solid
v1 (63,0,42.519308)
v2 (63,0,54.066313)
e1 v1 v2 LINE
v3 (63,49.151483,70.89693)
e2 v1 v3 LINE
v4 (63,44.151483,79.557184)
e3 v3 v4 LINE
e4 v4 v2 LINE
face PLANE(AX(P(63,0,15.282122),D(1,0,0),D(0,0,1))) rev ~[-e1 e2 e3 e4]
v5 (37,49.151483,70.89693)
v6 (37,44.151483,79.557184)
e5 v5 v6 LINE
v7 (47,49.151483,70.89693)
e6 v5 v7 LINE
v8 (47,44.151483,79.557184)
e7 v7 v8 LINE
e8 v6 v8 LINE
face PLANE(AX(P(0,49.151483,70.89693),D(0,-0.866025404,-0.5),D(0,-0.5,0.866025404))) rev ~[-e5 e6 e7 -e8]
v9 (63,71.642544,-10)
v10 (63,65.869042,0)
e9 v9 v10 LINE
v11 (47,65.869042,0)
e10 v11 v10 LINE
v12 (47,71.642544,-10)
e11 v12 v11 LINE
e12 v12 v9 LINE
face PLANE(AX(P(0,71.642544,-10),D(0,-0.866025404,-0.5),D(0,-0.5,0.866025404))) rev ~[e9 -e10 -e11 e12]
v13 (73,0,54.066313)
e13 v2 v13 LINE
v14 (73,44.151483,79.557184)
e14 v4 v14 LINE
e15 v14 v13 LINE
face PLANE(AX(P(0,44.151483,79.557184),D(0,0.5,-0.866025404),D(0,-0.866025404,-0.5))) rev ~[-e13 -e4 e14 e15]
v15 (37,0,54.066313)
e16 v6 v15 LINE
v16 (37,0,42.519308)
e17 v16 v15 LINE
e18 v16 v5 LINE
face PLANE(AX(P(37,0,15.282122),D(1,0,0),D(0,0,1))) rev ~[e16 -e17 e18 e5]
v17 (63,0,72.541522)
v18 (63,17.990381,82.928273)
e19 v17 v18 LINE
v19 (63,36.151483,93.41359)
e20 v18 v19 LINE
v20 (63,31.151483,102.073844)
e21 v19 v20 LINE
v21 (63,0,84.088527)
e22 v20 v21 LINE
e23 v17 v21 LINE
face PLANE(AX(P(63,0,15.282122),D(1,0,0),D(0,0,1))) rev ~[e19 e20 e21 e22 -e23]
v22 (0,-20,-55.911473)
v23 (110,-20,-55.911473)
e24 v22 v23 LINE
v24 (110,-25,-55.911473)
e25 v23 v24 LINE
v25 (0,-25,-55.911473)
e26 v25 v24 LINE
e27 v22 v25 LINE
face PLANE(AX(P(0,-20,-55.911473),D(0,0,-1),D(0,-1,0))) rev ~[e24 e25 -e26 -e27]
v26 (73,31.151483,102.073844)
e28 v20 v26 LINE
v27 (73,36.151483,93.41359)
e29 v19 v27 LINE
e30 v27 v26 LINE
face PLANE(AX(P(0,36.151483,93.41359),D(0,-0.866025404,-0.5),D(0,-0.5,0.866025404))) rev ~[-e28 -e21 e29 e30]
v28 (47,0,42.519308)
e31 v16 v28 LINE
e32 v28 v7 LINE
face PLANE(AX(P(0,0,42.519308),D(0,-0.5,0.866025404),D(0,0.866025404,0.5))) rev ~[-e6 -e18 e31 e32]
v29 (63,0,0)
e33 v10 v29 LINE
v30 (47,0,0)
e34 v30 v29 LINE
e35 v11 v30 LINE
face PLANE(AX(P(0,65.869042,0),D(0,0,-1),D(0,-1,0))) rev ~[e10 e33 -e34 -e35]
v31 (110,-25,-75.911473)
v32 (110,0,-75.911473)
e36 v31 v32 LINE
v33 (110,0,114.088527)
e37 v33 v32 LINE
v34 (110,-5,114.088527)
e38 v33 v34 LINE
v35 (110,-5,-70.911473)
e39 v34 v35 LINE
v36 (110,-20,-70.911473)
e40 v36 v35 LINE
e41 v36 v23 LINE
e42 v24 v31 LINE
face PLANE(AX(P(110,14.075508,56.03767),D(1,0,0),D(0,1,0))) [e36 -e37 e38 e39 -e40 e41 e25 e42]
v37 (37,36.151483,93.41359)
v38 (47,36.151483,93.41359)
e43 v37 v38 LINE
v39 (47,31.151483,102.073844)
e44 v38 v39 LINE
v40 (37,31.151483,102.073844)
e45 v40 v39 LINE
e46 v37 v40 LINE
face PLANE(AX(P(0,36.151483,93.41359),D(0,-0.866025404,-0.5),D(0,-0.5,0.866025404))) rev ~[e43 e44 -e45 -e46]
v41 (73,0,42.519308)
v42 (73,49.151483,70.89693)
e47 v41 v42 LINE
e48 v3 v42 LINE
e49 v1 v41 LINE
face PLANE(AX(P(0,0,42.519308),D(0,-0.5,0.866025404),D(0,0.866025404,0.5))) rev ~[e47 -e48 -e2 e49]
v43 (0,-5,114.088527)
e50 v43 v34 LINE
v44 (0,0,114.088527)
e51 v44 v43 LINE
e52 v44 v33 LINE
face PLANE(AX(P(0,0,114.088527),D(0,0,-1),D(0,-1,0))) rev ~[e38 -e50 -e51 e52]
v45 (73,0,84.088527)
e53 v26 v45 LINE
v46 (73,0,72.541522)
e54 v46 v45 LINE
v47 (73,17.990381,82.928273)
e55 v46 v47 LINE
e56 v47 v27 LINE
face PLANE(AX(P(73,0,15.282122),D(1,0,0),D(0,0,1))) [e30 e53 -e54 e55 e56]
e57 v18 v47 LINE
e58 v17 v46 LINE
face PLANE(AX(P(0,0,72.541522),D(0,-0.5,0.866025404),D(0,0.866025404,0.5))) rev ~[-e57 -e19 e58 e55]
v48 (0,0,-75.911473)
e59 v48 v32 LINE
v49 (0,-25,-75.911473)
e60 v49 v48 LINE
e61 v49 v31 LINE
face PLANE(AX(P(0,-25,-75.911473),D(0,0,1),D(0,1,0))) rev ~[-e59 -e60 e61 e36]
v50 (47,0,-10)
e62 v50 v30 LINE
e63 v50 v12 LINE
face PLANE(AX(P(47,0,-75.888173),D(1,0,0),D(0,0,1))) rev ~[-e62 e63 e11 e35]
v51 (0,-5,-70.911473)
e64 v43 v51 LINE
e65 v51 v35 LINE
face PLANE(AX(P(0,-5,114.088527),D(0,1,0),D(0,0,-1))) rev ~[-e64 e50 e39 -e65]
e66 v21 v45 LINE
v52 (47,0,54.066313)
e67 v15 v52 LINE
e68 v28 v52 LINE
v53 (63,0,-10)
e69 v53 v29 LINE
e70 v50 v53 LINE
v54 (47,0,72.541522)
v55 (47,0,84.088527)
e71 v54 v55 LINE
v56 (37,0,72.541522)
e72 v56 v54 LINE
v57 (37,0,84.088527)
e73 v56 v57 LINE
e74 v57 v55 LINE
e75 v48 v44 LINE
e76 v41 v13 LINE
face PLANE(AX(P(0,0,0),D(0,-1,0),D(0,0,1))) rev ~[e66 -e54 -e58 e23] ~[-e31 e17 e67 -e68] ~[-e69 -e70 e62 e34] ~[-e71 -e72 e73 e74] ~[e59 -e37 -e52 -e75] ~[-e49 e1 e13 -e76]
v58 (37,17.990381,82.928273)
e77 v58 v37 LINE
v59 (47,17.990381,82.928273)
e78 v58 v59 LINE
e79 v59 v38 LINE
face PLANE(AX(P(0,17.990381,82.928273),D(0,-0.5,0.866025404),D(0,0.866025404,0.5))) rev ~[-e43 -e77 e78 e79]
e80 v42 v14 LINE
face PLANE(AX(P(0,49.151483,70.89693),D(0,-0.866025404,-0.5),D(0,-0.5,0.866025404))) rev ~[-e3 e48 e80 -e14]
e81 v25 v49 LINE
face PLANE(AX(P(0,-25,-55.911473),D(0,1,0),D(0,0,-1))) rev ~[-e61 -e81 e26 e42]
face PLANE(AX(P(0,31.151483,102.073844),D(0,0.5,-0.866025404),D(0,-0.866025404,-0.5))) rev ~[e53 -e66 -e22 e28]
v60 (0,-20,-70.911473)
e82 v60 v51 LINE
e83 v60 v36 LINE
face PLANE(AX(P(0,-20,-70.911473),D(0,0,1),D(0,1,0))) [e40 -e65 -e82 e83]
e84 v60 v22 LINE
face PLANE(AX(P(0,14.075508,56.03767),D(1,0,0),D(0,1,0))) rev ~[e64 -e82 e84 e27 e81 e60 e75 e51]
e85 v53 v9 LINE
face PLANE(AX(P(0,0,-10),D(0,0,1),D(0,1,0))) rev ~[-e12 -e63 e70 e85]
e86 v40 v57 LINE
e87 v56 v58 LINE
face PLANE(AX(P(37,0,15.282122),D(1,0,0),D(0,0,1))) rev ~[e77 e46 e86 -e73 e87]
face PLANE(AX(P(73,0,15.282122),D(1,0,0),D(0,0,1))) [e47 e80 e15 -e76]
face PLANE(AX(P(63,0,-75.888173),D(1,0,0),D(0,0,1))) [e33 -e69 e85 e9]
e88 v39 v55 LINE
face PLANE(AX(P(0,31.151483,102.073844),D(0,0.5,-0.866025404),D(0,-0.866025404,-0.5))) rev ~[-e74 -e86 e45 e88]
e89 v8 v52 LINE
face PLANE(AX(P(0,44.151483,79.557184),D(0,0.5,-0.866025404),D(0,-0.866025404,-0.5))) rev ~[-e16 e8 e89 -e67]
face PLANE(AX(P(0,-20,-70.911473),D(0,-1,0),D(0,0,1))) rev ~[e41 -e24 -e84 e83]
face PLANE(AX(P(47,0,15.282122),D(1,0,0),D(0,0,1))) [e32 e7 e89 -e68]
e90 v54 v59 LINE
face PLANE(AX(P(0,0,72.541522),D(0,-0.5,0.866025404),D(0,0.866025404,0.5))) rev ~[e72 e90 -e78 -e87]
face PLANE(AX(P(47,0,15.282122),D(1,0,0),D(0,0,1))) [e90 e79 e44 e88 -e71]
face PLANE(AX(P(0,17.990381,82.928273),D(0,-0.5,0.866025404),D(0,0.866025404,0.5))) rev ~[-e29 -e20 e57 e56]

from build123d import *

# Parameters (mm, degrees)
F0_W     = 15
F0_H     = 5
F1_DEPTH = 110
F2_W     = 8
F2_H     = 98.8297045976
F2_W_2   = 37
F2_H_2   = 91.1702954024
F2_W_3   = 10
F3_DEPTH = 100


with BuildPart() as f1:
    # F0 (on Right) → F1 (new body)
    with BuildSketch(Plane.YZ):
        Polygon((25.9903810568, 69.0718664573), (0, 54.0663129578), (0, 42.519307574), (30.9903810568, 60.4116124194), align=None)
        Polygon((44.1514833946, 79.5571837808), (25.9903810568, 69.0718664573), (30.9903810568, 60.4116124194), (49.1514833946, 70.8969297429), align=None)
        Polygon((12.9903810568, 91.5885269557), (0, 84.0885269557), (0, 72.5415215719), (17.9903810568, 82.9282729178), align=None)
        Polygon((31.1514833946, 102.0738442792), (12.9903810568, 91.5885269557), (17.9903810568, 82.9282729178), (36.1514833946, 93.4135902413), align=None)
        Polygon((-20, -75.9114730443), (-20, -70.9114730443), (-20, -55.9114730443), (-25, -55.9114730443), (-25, -75.9114730443), align=None)
        with Locations((-12.5, -73.4114730443)):
            Rectangle(F0_W, F0_H)
        Polygon((0, 114.0885269557), (-5, 114.0885269557), (-5, -70.9114730443), (-5, -75.9114730443), (0, -75.9114730443), (0, -10), (0, 0), (0, 42.519307574), (0, 54.0663129578), (0, 72.5415215719), (0, 84.0885269557), align=None)
        Polygon((0, 0), (0, -10), (71.6425444412, -10), (65.8690417493, 0), align=None)
    extrude(amount=F1_DEPTH)

    # F2 (on Front) → F3 (cut)
    with BuildSketch(Plane.XZ):
        with Locations((51, 64.6969747171)):
            Rectangle(F2_W, F2_H)
        with Locations((59, 64.6969747171)):
            Rectangle(F2_W, F2_H)
        with Locations((91.5, -30.3030252829)):
            Rectangle(F2_W_2, F2_H_2)
        with Locations((18.5, -30.3030252829)):
            Rectangle(F2_W_2, F2_H_2)
        with Locations((42, -30.3030252829)):
            Rectangle(F2_W_3, F2_H_2)
        with Locations((68, -30.3030252829)):
            Rectangle(F2_W_3, F2_H_2)
        with Locations((91.5, 64.6969747171)):
            Rectangle(F2_W_2, F2_H)
        with Locations((18.5, 64.6969747171)):
            Rectangle(F2_W_2, F2_H)
    extrude(amount=-F3_DEPTH, mode=Mode.SUBTRACT)


solid = f1.part
